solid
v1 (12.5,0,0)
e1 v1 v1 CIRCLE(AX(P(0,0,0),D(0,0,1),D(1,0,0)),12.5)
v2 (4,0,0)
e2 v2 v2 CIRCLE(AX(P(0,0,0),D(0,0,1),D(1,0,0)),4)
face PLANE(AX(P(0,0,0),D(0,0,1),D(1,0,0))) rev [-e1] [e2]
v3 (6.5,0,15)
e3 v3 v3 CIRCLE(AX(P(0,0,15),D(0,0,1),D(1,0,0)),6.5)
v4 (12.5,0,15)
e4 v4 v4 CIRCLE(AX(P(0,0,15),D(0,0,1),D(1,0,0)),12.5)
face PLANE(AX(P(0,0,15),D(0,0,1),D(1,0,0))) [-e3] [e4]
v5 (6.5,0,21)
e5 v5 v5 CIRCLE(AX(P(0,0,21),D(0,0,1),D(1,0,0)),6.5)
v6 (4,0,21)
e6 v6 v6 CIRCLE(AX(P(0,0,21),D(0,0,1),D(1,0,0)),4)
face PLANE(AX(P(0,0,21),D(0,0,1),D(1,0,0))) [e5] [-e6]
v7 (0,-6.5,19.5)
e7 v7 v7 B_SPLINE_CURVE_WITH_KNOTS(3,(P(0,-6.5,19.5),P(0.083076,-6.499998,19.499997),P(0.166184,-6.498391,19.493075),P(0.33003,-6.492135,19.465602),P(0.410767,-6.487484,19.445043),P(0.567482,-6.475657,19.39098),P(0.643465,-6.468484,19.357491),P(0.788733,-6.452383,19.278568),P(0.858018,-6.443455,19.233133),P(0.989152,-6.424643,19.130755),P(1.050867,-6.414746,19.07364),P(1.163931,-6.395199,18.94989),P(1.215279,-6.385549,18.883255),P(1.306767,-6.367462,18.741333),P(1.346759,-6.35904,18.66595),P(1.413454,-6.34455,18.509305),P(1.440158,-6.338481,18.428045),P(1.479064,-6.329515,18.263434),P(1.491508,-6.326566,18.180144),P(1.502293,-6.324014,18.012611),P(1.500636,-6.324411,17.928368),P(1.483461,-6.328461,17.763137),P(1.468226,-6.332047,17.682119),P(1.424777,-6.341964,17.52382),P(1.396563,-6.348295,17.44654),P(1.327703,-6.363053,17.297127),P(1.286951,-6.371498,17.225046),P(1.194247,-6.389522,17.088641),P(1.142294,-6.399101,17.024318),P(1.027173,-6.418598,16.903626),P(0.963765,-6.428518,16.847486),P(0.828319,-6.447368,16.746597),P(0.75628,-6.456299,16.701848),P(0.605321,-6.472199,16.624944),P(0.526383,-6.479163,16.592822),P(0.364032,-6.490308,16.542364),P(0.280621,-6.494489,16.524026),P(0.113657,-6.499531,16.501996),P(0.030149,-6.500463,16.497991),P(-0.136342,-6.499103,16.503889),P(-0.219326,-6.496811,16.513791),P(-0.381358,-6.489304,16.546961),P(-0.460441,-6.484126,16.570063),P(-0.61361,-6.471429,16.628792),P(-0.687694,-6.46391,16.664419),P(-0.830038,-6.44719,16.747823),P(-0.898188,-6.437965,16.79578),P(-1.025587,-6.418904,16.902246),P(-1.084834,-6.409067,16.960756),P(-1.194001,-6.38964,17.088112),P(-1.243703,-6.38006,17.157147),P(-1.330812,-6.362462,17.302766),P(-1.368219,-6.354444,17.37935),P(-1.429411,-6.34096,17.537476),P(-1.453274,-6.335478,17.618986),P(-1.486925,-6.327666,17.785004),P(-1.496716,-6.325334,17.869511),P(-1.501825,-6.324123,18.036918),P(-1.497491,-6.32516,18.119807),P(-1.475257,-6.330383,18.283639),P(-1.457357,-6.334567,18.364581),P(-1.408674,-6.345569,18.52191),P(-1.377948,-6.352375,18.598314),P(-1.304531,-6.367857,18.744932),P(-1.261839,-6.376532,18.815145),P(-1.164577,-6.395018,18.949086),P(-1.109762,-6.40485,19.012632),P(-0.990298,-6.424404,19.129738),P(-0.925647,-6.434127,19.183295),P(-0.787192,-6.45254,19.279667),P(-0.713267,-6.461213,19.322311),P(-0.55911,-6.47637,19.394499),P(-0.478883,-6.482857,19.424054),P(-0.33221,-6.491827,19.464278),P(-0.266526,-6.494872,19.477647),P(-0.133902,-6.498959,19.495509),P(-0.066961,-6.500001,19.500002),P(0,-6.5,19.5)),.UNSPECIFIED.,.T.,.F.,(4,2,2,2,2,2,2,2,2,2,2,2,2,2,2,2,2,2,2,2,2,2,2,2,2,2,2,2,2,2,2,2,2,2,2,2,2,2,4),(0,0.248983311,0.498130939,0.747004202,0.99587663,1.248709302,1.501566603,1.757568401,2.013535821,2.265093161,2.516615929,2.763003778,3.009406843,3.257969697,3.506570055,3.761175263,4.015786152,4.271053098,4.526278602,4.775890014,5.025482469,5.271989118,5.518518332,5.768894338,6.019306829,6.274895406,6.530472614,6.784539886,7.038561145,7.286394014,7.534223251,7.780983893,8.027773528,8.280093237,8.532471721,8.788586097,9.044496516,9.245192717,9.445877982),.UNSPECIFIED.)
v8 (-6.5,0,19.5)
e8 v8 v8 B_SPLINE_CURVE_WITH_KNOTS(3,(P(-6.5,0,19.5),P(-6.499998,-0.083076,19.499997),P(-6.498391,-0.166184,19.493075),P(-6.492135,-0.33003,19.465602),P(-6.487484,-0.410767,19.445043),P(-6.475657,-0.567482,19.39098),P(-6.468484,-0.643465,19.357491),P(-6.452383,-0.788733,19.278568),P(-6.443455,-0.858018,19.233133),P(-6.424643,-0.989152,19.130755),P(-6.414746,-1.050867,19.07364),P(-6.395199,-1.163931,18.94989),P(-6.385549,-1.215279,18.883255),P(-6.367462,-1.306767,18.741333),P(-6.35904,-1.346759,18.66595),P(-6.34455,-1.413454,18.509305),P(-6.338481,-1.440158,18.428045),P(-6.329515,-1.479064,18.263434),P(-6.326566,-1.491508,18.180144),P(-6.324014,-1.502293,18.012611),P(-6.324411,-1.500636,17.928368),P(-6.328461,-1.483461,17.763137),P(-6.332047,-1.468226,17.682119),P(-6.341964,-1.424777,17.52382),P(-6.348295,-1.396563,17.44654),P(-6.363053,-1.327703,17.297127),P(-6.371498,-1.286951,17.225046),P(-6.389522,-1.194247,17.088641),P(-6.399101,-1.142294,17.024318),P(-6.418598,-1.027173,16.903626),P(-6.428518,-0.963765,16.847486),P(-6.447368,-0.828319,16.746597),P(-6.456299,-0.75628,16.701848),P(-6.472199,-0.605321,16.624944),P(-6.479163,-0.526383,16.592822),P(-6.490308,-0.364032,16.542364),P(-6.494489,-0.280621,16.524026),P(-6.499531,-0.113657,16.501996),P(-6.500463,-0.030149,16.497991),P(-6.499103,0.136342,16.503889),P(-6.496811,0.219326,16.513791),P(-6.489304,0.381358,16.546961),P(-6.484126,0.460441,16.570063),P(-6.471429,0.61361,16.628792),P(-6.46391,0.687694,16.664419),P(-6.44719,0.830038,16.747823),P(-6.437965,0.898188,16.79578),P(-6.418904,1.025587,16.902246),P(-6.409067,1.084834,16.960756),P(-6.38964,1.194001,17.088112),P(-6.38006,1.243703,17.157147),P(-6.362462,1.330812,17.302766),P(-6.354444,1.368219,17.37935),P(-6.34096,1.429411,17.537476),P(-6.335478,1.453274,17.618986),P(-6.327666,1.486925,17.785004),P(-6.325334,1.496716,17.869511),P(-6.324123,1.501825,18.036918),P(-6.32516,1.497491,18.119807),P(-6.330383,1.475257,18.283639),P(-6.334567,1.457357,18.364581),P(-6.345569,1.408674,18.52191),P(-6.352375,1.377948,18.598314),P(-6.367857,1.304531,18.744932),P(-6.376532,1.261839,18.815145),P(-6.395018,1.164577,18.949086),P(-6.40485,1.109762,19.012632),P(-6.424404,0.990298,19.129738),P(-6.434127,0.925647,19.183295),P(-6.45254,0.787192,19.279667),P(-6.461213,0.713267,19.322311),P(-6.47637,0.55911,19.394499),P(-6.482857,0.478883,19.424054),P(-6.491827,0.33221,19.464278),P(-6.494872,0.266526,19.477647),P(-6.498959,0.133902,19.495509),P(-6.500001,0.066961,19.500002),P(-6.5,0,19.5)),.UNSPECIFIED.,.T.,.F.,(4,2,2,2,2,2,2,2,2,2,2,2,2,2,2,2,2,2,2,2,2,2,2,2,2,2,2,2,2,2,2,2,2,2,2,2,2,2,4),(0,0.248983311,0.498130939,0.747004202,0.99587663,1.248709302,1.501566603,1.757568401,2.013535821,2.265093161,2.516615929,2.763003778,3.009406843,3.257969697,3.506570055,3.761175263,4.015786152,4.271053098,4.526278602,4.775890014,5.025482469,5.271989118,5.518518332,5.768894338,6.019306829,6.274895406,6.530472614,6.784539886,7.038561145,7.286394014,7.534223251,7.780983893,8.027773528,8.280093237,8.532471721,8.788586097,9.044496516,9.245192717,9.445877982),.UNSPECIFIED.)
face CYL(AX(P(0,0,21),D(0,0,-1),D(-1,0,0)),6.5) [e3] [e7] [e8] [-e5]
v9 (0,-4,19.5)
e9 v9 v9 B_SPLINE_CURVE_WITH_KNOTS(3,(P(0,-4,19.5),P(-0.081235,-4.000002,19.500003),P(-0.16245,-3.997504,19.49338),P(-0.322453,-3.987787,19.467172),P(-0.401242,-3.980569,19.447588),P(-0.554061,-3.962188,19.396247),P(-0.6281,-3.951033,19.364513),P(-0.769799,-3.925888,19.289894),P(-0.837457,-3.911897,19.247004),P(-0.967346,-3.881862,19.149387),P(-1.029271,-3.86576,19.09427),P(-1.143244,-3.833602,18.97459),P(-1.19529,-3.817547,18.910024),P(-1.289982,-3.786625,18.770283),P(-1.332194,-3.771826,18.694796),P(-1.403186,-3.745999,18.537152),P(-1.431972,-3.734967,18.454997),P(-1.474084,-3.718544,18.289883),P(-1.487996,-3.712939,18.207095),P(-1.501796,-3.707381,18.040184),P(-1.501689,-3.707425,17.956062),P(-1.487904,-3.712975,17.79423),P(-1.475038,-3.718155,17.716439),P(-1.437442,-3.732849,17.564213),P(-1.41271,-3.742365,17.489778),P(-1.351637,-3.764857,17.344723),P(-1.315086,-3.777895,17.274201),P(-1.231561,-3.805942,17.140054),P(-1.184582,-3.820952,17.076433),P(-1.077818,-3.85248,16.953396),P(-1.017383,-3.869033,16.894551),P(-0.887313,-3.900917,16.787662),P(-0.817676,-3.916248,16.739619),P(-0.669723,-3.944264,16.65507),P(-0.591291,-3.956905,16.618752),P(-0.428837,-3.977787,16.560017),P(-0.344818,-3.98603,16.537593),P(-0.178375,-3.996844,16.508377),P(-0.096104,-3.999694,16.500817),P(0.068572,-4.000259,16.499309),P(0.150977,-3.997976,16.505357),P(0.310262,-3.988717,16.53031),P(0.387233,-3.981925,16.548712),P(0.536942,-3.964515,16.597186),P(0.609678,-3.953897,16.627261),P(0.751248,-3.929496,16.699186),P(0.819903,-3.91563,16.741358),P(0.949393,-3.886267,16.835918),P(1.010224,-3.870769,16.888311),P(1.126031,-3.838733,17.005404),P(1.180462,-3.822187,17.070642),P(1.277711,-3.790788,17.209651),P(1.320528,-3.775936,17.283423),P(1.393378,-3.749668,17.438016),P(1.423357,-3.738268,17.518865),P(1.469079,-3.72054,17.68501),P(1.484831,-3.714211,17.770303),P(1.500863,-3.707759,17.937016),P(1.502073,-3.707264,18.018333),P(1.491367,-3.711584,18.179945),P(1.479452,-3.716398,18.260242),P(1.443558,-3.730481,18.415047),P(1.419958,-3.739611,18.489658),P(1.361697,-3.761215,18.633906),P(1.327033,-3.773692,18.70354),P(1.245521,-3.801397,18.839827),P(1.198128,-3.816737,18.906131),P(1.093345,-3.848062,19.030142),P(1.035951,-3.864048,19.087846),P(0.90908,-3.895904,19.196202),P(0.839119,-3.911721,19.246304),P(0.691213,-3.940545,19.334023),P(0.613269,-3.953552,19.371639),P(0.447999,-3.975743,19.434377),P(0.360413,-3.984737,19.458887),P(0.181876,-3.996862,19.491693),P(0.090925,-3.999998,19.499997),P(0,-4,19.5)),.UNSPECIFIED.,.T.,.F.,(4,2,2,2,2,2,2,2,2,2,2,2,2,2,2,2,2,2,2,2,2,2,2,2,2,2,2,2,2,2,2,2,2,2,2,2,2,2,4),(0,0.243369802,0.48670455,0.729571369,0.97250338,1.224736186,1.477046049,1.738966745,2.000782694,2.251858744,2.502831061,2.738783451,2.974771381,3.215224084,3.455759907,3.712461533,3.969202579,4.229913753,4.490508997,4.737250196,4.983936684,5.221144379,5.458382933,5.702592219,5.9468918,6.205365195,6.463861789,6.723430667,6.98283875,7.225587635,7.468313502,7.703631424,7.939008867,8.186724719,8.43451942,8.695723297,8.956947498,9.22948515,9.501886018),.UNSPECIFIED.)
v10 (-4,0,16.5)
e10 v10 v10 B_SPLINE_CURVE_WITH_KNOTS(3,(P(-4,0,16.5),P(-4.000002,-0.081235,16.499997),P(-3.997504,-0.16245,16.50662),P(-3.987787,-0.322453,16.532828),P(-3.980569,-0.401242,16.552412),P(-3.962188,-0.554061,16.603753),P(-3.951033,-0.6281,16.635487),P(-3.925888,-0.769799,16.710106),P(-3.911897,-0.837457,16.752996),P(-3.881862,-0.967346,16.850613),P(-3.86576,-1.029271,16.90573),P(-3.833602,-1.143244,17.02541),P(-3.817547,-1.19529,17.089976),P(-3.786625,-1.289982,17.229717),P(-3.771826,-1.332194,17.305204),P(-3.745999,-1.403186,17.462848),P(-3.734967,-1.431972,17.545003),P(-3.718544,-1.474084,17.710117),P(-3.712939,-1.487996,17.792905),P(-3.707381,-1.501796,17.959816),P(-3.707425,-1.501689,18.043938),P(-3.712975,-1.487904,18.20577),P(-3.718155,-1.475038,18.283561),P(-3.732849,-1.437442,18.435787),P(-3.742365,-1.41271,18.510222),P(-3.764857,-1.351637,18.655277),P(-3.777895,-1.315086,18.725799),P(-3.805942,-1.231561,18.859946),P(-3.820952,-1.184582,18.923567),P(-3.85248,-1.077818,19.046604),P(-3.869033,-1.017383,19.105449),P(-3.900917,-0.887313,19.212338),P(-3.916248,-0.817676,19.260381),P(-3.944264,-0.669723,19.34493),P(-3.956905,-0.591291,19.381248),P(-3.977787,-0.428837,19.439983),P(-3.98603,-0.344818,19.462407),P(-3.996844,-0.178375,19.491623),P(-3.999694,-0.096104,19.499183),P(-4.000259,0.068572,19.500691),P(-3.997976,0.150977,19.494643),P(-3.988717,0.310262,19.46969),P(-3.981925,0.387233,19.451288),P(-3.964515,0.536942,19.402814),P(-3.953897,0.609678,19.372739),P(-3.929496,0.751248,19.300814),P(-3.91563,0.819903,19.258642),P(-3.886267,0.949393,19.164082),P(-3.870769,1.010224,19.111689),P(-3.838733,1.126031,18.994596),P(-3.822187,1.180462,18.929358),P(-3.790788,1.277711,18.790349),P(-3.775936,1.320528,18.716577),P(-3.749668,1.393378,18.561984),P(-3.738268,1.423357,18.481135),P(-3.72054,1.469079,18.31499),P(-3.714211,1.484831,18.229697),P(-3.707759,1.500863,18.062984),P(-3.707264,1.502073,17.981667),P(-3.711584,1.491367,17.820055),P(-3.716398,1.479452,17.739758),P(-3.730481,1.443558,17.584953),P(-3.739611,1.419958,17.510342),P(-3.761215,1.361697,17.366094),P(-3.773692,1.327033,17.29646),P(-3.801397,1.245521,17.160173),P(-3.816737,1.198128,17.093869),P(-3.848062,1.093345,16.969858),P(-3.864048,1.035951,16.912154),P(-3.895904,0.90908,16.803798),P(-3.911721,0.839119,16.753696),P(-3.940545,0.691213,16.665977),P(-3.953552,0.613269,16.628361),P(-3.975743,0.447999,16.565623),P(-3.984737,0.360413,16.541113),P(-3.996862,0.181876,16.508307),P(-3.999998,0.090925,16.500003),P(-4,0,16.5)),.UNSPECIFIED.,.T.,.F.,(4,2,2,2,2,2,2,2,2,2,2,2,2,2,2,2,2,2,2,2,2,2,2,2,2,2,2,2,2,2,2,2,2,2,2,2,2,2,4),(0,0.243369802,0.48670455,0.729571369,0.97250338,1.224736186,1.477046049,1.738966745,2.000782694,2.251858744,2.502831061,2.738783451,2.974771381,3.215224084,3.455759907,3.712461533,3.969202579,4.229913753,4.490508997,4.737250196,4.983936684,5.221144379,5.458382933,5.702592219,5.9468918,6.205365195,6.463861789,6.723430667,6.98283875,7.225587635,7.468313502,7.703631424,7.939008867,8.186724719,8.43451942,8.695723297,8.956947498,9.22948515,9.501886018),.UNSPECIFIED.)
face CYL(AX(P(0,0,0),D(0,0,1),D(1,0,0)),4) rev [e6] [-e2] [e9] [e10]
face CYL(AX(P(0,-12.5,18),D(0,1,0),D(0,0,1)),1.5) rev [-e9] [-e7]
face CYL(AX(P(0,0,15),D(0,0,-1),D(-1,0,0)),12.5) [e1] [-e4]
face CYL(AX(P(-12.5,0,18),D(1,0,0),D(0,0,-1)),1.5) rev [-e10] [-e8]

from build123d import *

# Parameters (mm, degrees)
SKETCH1_R           = 12.5
BOSS_EXTRUDE1_DEPTH = 15
SKETCH2_R           = 6.5
BOSS_EXTRUDE2_DEPTH = 6
SKETCH3_R           = 4
CUT_EXTRUDE1_DEPTH  = 28.449954463
SKETCH4_R           = 1.5
CUT_EXTRUDE2_DEPTH  = 28.449954463
SKETCH5_R           = 1.5
CUT_EXTRUDE3_DEPTH  = 28.449954539


with BuildPart() as part:
    # Sketch1 → Boss-Extrude1 (new body)
    with BuildSketch(Plane.XY):
        Circle(SKETCH1_R)
    extrude(amount=BOSS_EXTRUDE1_DEPTH)

    # Sketch2 → Boss-Extrude2 (add)
    with BuildSketch(Plane.XY.offset(15)):
        Circle(SKETCH2_R)
    extrude(amount=BOSS_EXTRUDE2_DEPTH)

    # Sketch3 → Cut-Extrude1 (cut, through all)
    with BuildSketch(Plane.XY.offset(21)):
        Circle(SKETCH3_R)
    extrude(amount=-CUT_EXTRUDE1_DEPTH, mode=Mode.SUBTRACT)

    # Sketch4 → Cut-Extrude2 (cut, through all)
    with BuildSketch(Plane(origin=(0, 0, 0), x_dir=(1, 0, 0), z_dir=(0, 1, 0))):
        with Locations(Location((0, -18, 0), (0, 0, 270))):
            Circle(SKETCH4_R)
    extrude(amount=-CUT_EXTRUDE2_DEPTH, mode=Mode.SUBTRACT)

    # Sketch5 → Cut-Extrude3 (cut, through all)
    with BuildSketch(Plane(origin=(0, 0, 0), x_dir=(0, 0, -1), z_dir=(1, 0, 0))):
        with Locations((-18, 0)):
            Circle(SKETCH5_R)
    extrude(amount=-CUT_EXTRUDE3_DEPTH, mode=Mode.SUBTRACT)


solid = part.part
